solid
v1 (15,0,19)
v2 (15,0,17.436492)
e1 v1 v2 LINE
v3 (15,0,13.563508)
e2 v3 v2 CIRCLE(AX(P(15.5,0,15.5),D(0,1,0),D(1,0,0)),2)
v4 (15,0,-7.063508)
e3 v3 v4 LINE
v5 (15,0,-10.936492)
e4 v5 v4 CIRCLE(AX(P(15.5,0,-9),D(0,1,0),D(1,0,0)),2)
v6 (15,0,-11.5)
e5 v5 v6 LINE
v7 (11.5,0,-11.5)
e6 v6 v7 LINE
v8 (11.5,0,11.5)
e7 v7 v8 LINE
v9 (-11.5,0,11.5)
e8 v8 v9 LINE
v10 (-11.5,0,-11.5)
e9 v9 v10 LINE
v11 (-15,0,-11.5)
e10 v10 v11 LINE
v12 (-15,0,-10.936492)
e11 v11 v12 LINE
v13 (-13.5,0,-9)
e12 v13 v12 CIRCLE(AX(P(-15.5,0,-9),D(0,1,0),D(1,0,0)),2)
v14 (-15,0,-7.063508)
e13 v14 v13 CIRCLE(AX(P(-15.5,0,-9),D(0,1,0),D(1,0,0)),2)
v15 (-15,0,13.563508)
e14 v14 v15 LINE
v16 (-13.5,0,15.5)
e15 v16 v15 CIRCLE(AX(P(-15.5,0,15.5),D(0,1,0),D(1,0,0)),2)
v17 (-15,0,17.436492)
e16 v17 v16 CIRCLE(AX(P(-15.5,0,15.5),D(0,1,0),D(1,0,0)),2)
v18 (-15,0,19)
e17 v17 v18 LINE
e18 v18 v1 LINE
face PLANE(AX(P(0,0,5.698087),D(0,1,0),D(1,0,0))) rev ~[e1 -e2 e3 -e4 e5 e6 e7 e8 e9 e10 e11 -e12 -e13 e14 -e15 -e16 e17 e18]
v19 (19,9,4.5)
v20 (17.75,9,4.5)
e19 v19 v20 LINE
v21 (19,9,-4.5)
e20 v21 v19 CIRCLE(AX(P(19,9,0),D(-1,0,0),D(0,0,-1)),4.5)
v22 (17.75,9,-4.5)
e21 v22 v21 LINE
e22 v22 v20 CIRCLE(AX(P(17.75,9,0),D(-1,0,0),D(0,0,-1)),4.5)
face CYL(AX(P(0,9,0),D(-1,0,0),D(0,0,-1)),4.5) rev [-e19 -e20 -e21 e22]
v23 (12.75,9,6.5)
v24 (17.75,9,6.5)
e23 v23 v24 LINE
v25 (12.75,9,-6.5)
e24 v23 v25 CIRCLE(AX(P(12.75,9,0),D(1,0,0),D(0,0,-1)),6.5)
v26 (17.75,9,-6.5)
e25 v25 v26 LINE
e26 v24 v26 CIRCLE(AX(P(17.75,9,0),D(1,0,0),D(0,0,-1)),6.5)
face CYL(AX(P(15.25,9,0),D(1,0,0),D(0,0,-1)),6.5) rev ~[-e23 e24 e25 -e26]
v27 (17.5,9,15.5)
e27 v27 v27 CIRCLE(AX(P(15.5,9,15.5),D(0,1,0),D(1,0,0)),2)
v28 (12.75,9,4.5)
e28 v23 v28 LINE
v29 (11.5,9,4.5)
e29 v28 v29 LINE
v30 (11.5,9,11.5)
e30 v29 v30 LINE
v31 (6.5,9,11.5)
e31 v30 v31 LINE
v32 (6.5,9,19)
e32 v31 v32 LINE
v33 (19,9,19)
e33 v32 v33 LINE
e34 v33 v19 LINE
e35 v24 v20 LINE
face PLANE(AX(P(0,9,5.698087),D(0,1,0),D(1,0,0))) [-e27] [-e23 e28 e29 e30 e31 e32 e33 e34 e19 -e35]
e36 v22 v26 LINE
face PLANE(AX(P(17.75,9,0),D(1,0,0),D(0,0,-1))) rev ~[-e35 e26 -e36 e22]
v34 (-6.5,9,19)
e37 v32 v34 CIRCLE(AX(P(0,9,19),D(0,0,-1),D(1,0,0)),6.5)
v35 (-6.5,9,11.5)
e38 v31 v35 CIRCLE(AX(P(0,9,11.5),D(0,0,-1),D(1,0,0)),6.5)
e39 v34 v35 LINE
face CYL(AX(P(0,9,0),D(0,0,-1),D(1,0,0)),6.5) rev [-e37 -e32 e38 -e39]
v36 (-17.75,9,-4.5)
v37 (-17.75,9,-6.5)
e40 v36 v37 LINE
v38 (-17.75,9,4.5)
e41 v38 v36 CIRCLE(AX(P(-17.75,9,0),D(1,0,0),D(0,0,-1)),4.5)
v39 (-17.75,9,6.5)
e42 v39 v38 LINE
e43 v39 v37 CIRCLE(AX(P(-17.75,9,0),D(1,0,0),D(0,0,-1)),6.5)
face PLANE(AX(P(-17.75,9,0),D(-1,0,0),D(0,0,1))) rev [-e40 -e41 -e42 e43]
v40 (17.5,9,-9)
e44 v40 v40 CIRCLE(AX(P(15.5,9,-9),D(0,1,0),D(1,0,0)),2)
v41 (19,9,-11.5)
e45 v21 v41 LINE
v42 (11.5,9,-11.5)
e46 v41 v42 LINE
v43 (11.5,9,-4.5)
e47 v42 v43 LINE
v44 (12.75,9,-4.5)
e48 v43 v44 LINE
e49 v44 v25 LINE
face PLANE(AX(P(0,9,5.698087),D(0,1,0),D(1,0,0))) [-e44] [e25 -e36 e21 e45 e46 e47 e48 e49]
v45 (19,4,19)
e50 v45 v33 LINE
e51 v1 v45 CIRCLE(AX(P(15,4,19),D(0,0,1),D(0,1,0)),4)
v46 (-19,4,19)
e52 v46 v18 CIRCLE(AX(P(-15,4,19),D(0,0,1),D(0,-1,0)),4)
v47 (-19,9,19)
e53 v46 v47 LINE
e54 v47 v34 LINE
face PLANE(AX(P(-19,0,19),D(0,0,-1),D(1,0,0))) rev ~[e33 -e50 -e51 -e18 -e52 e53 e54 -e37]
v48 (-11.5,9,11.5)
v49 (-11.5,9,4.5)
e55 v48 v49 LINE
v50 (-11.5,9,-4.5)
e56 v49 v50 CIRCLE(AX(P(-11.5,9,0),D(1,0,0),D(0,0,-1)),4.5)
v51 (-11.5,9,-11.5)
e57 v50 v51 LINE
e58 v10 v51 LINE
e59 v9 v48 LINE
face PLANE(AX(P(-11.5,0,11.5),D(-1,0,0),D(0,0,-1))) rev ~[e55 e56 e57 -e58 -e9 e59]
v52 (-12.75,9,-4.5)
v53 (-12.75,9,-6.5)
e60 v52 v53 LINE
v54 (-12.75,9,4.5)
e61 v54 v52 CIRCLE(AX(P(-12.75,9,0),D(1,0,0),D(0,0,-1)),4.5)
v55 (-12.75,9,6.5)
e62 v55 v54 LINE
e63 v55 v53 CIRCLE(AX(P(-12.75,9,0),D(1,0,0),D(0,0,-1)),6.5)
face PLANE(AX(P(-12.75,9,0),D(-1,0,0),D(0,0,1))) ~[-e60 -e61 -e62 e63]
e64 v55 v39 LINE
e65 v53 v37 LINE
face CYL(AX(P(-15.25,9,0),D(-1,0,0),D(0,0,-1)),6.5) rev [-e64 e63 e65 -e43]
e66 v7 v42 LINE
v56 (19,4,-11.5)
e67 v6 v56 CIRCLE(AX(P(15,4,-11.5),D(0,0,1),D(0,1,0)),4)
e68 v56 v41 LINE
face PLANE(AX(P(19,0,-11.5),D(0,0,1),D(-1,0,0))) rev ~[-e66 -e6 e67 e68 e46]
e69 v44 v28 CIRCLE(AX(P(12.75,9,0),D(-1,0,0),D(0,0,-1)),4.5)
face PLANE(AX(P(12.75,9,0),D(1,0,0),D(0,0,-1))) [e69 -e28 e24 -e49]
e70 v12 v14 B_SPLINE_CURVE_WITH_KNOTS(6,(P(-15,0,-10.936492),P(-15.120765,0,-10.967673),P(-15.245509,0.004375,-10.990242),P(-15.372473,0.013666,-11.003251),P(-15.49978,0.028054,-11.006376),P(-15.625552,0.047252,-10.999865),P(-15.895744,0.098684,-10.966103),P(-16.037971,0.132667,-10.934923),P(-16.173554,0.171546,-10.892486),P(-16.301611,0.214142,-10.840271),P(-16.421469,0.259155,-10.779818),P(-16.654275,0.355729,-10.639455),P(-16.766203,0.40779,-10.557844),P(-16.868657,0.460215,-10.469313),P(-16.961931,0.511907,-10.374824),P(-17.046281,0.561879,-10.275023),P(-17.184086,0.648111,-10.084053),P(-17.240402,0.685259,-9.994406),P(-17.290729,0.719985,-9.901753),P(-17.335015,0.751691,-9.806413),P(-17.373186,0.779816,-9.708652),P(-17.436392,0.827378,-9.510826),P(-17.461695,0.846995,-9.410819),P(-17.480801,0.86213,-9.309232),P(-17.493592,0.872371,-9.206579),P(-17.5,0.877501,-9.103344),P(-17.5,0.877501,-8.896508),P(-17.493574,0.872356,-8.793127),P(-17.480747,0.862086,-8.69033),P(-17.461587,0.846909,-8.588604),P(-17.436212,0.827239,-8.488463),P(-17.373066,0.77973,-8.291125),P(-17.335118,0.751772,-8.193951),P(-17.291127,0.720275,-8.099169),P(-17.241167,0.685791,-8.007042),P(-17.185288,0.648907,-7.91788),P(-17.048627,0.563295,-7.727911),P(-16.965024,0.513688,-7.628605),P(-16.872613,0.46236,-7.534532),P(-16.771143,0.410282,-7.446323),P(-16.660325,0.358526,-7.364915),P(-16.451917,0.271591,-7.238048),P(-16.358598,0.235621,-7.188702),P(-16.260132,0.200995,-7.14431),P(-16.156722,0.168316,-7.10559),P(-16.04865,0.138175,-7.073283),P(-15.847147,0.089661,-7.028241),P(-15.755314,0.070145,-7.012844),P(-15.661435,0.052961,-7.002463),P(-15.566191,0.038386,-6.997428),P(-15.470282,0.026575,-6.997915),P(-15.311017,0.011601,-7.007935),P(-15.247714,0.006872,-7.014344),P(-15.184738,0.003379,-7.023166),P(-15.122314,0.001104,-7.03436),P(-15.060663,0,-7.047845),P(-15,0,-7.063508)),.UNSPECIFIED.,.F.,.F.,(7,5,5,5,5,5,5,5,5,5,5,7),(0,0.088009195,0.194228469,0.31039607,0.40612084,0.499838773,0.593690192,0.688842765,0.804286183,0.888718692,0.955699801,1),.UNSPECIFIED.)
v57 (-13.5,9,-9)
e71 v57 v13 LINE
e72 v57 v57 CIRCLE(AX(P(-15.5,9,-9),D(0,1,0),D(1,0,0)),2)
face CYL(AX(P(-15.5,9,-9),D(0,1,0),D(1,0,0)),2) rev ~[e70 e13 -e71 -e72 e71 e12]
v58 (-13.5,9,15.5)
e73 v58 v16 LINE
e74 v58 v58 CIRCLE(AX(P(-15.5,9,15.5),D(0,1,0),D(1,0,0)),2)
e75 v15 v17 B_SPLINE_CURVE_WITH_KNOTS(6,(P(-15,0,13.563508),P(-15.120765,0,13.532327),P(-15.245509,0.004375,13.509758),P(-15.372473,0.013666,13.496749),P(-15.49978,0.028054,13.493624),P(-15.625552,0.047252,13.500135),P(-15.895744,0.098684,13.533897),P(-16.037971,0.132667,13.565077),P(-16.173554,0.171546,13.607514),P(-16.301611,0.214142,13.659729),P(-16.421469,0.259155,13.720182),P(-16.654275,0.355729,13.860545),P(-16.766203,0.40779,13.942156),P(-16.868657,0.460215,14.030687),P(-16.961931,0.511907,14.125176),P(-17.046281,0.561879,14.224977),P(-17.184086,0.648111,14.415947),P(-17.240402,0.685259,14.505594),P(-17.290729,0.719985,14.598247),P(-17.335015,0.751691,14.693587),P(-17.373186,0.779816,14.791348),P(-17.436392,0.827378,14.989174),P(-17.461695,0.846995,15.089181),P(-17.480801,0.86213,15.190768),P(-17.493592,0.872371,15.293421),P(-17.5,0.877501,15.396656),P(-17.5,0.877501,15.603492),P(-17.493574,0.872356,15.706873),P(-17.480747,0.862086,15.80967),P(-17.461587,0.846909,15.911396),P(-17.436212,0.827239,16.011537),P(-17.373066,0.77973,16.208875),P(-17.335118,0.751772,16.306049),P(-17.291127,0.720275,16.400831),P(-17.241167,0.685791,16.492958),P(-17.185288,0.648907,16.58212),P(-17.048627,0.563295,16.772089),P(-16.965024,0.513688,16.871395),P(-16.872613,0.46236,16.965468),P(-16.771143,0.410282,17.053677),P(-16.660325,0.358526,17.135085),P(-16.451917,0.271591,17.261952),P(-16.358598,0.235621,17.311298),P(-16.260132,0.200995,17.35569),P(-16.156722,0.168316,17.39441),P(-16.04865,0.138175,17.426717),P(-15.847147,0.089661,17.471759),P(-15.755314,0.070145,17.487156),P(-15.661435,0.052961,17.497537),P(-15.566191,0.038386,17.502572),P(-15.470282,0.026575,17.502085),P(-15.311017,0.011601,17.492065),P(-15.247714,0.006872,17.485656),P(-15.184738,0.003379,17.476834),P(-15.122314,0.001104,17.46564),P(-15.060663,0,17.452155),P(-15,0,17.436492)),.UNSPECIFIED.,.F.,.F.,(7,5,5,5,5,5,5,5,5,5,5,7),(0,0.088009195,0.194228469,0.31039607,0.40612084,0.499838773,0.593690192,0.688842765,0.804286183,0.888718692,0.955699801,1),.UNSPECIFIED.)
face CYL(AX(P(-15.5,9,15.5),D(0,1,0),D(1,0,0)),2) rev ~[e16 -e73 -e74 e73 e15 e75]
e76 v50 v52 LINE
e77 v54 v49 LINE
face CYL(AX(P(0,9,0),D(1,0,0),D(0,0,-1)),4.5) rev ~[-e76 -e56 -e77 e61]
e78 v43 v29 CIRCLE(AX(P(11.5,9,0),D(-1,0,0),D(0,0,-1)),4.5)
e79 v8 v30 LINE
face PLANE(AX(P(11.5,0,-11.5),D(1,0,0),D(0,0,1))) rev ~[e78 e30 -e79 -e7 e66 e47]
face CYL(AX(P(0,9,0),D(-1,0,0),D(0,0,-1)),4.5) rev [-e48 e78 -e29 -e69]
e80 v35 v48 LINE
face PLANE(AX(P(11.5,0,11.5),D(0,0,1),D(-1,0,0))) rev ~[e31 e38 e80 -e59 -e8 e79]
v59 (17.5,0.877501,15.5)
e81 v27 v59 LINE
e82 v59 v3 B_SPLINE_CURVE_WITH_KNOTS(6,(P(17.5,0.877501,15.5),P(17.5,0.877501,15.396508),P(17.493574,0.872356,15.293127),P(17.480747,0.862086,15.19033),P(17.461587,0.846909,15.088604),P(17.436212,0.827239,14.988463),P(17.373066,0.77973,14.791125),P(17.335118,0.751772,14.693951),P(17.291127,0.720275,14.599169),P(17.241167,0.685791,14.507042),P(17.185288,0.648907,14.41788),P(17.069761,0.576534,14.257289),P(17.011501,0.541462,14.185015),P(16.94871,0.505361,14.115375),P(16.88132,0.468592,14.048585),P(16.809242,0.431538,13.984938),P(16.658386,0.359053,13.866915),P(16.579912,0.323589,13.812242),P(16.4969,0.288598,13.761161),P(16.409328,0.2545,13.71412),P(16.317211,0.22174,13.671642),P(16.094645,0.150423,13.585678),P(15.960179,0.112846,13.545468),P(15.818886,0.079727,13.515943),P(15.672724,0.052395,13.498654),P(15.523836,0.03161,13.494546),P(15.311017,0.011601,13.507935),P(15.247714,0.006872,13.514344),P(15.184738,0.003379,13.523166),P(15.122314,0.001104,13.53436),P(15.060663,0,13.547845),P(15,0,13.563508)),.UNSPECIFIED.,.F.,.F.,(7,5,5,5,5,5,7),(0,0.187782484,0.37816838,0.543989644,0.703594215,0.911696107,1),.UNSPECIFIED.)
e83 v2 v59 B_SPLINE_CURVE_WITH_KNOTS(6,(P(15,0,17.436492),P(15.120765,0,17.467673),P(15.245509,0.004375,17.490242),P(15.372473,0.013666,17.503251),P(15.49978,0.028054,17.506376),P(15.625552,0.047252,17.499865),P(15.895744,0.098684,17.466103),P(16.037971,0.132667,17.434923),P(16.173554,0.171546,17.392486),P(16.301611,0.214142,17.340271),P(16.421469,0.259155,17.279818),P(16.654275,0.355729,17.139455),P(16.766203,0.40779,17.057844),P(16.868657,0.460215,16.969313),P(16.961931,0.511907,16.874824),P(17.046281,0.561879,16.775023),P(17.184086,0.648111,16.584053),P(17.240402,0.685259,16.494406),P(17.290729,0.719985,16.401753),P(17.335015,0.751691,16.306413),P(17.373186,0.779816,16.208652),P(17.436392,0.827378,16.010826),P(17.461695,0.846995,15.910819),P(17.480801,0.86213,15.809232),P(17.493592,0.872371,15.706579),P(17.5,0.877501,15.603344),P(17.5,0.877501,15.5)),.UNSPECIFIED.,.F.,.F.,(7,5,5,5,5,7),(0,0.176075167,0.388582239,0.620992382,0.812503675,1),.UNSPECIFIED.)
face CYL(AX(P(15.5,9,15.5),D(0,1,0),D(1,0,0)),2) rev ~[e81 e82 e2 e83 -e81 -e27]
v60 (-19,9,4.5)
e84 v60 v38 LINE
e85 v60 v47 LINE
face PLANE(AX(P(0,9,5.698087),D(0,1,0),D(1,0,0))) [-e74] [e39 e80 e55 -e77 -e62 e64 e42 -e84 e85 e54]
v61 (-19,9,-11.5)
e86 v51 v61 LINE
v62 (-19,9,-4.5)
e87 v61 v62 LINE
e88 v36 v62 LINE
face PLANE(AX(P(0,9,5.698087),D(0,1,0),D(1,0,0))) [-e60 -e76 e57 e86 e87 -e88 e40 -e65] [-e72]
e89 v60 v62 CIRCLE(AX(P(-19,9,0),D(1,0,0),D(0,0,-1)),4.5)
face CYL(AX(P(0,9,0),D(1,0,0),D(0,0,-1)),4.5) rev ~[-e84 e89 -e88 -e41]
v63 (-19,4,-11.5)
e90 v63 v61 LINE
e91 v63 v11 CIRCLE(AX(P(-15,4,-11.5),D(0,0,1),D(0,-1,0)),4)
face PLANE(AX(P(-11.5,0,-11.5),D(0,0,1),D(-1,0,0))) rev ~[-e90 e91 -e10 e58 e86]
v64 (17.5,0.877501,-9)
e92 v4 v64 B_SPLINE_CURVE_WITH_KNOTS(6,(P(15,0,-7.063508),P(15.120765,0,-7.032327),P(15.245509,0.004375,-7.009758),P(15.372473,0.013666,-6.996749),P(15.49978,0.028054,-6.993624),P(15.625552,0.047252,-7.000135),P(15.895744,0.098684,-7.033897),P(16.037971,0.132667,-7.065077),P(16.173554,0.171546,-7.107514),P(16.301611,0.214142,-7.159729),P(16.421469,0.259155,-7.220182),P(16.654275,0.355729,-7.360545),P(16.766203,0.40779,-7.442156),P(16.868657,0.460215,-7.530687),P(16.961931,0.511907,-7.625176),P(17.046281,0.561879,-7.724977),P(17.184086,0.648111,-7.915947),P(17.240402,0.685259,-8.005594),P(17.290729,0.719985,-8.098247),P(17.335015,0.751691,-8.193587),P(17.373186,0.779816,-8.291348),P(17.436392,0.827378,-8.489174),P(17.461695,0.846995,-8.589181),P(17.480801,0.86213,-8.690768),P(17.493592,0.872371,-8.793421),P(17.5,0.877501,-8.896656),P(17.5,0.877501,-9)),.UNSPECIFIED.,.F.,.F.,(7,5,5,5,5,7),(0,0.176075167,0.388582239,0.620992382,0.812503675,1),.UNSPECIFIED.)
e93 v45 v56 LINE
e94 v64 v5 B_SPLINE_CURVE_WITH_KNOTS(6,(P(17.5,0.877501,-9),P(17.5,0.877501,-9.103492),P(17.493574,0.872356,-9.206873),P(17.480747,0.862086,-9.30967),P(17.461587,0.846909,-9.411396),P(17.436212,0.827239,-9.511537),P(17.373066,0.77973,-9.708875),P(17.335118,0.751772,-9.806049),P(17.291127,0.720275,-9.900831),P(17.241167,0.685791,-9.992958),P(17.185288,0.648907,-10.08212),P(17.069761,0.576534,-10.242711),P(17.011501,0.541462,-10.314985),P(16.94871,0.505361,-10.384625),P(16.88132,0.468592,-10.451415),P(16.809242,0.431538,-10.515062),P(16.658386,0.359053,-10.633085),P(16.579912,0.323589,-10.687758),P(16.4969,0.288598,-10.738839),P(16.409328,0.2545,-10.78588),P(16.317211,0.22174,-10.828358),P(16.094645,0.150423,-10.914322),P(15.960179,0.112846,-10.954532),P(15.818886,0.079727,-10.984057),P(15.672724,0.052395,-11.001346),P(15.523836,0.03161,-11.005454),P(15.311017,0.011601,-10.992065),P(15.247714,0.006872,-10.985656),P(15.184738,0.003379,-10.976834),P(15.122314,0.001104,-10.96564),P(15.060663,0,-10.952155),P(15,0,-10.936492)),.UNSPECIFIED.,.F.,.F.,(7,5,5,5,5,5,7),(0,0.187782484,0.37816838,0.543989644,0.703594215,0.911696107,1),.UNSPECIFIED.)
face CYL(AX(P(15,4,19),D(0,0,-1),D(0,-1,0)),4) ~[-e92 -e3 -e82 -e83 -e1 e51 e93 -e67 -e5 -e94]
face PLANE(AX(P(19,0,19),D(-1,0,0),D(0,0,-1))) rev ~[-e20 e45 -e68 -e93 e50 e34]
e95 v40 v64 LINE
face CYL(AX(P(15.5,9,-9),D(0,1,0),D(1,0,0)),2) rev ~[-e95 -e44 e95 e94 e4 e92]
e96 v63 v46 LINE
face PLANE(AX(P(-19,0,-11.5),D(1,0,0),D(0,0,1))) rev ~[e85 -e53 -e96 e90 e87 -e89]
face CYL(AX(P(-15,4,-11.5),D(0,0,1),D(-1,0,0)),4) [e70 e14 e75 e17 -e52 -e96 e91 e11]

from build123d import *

# Parameters (mm, degrees)
BOSS_EXTRUDE1_DEPTH     = 9
SKETCH2_R               = 6.5
CUT_EXTRUDE1_DEPTH      = 2.5
SKETCH3_R               = 4.5
CUT_EXTRUDE2_DEPTH      = 20
FILLET1_R               = 4
SKETCH4_R               = 6.5
CUT_EXTRUDE3_DEPTH      = 20
CUT_EXTRUDE3_DEPTH_BACK = 12.5
SKETCH6_R               = 2
CUT_EXTRUDE4_DEPTH      = 10


with BuildPart() as part:
    # Sketch1 → Boss-Extrude1 (new body)
    with BuildSketch(Plane(origin=(0, 0, 0), x_dir=(1, 0, 0), z_dir=(0, 1, 0))):
        Polygon((-19, 11.5), (-19, -19), (19, -19), (19, 11.5), (11.5, 11.5), (11.5, -11.5), (-11.5, -11.5), (-11.5, 11.5), align=None)
    extrude(amount=BOSS_EXTRUDE1_DEPTH)

    # Sketch2 → Cut-Extrude1 (cut, symmetric)
    with BuildSketch(Plane(origin=(15.25, 0, 0), x_dir=(0, 0, -1), z_dir=(1, 0, 0))):
        with Locations((0, 9)):
            Circle(SKETCH2_R)
    cut_extrude1 = extrude(amount=CUT_EXTRUDE1_DEPTH, both=True, mode=Mode.SUBTRACT)

    # Sketch3 → Cut-Extrude2 (cut, through all)
    with BuildSketch(Plane(origin=(0, 0, 0), x_dir=(0, 0, -1), z_dir=(1, 0, 0))):
        with Locations((0, 9)):
            Circle(SKETCH3_R)
    cut_extrude2 = extrude(amount=CUT_EXTRUDE2_DEPTH, mode=Mode.SUBTRACT)

    # Mirror1: Cut-Extrude1, Cut-Extrude2 across plane
    add(cut_extrude1.mirror(Plane(origin=(0, 0, 0), x_dir=(0, 0, 1), z_dir=(1, 0, 0))), mode=Mode.SUBTRACT)
    add(cut_extrude2.mirror(Plane(origin=(0, 0, 0), x_dir=(0, 0, 1), z_dir=(1, 0, 0))), mode=Mode.SUBTRACT)

    # Fillet1
    fillet1_edges = [part.edges().sort_by_distance(p)[0] for p in [
        (19, 0, 3.75),
        (-19, 0, 3.75),
    ]]
    fillet(fillet1_edges, radius=FILLET1_R)

    # Sketch4 → Cut-Extrude3 (cut, two sides)
    with BuildSketch(Plane.XY) as cut_extrude3_sk:
        with Locations((0, 9)):
            Circle(SKETCH4_R)
    extrude(amount=CUT_EXTRUDE3_DEPTH, mode=Mode.SUBTRACT)
    extrude(cut_extrude3_sk.sketch, amount=-CUT_EXTRUDE3_DEPTH_BACK, mode=Mode.SUBTRACT)

    # Sketch6 → Cut-Extrude4 (cut, through all)
    with BuildSketch(Plane(origin=(0, 9, 0), x_dir=(1, 0, 0), z_dir=(0, 1, 0))):
        with Locations((-15.5, 9)):
            Circle(SKETCH6_R)
        with Locations((15.5, 9)):
            Circle(SKETCH6_R)
        with Locations((15.5, -15.5)):
            Circle(SKETCH6_R)
        with Locations((-15.5, -15.5)):
            Circle(SKETCH6_R)
    extrude(amount=-CUT_EXTRUDE4_DEPTH, mode=Mode.SUBTRACT)


solid = part.part
